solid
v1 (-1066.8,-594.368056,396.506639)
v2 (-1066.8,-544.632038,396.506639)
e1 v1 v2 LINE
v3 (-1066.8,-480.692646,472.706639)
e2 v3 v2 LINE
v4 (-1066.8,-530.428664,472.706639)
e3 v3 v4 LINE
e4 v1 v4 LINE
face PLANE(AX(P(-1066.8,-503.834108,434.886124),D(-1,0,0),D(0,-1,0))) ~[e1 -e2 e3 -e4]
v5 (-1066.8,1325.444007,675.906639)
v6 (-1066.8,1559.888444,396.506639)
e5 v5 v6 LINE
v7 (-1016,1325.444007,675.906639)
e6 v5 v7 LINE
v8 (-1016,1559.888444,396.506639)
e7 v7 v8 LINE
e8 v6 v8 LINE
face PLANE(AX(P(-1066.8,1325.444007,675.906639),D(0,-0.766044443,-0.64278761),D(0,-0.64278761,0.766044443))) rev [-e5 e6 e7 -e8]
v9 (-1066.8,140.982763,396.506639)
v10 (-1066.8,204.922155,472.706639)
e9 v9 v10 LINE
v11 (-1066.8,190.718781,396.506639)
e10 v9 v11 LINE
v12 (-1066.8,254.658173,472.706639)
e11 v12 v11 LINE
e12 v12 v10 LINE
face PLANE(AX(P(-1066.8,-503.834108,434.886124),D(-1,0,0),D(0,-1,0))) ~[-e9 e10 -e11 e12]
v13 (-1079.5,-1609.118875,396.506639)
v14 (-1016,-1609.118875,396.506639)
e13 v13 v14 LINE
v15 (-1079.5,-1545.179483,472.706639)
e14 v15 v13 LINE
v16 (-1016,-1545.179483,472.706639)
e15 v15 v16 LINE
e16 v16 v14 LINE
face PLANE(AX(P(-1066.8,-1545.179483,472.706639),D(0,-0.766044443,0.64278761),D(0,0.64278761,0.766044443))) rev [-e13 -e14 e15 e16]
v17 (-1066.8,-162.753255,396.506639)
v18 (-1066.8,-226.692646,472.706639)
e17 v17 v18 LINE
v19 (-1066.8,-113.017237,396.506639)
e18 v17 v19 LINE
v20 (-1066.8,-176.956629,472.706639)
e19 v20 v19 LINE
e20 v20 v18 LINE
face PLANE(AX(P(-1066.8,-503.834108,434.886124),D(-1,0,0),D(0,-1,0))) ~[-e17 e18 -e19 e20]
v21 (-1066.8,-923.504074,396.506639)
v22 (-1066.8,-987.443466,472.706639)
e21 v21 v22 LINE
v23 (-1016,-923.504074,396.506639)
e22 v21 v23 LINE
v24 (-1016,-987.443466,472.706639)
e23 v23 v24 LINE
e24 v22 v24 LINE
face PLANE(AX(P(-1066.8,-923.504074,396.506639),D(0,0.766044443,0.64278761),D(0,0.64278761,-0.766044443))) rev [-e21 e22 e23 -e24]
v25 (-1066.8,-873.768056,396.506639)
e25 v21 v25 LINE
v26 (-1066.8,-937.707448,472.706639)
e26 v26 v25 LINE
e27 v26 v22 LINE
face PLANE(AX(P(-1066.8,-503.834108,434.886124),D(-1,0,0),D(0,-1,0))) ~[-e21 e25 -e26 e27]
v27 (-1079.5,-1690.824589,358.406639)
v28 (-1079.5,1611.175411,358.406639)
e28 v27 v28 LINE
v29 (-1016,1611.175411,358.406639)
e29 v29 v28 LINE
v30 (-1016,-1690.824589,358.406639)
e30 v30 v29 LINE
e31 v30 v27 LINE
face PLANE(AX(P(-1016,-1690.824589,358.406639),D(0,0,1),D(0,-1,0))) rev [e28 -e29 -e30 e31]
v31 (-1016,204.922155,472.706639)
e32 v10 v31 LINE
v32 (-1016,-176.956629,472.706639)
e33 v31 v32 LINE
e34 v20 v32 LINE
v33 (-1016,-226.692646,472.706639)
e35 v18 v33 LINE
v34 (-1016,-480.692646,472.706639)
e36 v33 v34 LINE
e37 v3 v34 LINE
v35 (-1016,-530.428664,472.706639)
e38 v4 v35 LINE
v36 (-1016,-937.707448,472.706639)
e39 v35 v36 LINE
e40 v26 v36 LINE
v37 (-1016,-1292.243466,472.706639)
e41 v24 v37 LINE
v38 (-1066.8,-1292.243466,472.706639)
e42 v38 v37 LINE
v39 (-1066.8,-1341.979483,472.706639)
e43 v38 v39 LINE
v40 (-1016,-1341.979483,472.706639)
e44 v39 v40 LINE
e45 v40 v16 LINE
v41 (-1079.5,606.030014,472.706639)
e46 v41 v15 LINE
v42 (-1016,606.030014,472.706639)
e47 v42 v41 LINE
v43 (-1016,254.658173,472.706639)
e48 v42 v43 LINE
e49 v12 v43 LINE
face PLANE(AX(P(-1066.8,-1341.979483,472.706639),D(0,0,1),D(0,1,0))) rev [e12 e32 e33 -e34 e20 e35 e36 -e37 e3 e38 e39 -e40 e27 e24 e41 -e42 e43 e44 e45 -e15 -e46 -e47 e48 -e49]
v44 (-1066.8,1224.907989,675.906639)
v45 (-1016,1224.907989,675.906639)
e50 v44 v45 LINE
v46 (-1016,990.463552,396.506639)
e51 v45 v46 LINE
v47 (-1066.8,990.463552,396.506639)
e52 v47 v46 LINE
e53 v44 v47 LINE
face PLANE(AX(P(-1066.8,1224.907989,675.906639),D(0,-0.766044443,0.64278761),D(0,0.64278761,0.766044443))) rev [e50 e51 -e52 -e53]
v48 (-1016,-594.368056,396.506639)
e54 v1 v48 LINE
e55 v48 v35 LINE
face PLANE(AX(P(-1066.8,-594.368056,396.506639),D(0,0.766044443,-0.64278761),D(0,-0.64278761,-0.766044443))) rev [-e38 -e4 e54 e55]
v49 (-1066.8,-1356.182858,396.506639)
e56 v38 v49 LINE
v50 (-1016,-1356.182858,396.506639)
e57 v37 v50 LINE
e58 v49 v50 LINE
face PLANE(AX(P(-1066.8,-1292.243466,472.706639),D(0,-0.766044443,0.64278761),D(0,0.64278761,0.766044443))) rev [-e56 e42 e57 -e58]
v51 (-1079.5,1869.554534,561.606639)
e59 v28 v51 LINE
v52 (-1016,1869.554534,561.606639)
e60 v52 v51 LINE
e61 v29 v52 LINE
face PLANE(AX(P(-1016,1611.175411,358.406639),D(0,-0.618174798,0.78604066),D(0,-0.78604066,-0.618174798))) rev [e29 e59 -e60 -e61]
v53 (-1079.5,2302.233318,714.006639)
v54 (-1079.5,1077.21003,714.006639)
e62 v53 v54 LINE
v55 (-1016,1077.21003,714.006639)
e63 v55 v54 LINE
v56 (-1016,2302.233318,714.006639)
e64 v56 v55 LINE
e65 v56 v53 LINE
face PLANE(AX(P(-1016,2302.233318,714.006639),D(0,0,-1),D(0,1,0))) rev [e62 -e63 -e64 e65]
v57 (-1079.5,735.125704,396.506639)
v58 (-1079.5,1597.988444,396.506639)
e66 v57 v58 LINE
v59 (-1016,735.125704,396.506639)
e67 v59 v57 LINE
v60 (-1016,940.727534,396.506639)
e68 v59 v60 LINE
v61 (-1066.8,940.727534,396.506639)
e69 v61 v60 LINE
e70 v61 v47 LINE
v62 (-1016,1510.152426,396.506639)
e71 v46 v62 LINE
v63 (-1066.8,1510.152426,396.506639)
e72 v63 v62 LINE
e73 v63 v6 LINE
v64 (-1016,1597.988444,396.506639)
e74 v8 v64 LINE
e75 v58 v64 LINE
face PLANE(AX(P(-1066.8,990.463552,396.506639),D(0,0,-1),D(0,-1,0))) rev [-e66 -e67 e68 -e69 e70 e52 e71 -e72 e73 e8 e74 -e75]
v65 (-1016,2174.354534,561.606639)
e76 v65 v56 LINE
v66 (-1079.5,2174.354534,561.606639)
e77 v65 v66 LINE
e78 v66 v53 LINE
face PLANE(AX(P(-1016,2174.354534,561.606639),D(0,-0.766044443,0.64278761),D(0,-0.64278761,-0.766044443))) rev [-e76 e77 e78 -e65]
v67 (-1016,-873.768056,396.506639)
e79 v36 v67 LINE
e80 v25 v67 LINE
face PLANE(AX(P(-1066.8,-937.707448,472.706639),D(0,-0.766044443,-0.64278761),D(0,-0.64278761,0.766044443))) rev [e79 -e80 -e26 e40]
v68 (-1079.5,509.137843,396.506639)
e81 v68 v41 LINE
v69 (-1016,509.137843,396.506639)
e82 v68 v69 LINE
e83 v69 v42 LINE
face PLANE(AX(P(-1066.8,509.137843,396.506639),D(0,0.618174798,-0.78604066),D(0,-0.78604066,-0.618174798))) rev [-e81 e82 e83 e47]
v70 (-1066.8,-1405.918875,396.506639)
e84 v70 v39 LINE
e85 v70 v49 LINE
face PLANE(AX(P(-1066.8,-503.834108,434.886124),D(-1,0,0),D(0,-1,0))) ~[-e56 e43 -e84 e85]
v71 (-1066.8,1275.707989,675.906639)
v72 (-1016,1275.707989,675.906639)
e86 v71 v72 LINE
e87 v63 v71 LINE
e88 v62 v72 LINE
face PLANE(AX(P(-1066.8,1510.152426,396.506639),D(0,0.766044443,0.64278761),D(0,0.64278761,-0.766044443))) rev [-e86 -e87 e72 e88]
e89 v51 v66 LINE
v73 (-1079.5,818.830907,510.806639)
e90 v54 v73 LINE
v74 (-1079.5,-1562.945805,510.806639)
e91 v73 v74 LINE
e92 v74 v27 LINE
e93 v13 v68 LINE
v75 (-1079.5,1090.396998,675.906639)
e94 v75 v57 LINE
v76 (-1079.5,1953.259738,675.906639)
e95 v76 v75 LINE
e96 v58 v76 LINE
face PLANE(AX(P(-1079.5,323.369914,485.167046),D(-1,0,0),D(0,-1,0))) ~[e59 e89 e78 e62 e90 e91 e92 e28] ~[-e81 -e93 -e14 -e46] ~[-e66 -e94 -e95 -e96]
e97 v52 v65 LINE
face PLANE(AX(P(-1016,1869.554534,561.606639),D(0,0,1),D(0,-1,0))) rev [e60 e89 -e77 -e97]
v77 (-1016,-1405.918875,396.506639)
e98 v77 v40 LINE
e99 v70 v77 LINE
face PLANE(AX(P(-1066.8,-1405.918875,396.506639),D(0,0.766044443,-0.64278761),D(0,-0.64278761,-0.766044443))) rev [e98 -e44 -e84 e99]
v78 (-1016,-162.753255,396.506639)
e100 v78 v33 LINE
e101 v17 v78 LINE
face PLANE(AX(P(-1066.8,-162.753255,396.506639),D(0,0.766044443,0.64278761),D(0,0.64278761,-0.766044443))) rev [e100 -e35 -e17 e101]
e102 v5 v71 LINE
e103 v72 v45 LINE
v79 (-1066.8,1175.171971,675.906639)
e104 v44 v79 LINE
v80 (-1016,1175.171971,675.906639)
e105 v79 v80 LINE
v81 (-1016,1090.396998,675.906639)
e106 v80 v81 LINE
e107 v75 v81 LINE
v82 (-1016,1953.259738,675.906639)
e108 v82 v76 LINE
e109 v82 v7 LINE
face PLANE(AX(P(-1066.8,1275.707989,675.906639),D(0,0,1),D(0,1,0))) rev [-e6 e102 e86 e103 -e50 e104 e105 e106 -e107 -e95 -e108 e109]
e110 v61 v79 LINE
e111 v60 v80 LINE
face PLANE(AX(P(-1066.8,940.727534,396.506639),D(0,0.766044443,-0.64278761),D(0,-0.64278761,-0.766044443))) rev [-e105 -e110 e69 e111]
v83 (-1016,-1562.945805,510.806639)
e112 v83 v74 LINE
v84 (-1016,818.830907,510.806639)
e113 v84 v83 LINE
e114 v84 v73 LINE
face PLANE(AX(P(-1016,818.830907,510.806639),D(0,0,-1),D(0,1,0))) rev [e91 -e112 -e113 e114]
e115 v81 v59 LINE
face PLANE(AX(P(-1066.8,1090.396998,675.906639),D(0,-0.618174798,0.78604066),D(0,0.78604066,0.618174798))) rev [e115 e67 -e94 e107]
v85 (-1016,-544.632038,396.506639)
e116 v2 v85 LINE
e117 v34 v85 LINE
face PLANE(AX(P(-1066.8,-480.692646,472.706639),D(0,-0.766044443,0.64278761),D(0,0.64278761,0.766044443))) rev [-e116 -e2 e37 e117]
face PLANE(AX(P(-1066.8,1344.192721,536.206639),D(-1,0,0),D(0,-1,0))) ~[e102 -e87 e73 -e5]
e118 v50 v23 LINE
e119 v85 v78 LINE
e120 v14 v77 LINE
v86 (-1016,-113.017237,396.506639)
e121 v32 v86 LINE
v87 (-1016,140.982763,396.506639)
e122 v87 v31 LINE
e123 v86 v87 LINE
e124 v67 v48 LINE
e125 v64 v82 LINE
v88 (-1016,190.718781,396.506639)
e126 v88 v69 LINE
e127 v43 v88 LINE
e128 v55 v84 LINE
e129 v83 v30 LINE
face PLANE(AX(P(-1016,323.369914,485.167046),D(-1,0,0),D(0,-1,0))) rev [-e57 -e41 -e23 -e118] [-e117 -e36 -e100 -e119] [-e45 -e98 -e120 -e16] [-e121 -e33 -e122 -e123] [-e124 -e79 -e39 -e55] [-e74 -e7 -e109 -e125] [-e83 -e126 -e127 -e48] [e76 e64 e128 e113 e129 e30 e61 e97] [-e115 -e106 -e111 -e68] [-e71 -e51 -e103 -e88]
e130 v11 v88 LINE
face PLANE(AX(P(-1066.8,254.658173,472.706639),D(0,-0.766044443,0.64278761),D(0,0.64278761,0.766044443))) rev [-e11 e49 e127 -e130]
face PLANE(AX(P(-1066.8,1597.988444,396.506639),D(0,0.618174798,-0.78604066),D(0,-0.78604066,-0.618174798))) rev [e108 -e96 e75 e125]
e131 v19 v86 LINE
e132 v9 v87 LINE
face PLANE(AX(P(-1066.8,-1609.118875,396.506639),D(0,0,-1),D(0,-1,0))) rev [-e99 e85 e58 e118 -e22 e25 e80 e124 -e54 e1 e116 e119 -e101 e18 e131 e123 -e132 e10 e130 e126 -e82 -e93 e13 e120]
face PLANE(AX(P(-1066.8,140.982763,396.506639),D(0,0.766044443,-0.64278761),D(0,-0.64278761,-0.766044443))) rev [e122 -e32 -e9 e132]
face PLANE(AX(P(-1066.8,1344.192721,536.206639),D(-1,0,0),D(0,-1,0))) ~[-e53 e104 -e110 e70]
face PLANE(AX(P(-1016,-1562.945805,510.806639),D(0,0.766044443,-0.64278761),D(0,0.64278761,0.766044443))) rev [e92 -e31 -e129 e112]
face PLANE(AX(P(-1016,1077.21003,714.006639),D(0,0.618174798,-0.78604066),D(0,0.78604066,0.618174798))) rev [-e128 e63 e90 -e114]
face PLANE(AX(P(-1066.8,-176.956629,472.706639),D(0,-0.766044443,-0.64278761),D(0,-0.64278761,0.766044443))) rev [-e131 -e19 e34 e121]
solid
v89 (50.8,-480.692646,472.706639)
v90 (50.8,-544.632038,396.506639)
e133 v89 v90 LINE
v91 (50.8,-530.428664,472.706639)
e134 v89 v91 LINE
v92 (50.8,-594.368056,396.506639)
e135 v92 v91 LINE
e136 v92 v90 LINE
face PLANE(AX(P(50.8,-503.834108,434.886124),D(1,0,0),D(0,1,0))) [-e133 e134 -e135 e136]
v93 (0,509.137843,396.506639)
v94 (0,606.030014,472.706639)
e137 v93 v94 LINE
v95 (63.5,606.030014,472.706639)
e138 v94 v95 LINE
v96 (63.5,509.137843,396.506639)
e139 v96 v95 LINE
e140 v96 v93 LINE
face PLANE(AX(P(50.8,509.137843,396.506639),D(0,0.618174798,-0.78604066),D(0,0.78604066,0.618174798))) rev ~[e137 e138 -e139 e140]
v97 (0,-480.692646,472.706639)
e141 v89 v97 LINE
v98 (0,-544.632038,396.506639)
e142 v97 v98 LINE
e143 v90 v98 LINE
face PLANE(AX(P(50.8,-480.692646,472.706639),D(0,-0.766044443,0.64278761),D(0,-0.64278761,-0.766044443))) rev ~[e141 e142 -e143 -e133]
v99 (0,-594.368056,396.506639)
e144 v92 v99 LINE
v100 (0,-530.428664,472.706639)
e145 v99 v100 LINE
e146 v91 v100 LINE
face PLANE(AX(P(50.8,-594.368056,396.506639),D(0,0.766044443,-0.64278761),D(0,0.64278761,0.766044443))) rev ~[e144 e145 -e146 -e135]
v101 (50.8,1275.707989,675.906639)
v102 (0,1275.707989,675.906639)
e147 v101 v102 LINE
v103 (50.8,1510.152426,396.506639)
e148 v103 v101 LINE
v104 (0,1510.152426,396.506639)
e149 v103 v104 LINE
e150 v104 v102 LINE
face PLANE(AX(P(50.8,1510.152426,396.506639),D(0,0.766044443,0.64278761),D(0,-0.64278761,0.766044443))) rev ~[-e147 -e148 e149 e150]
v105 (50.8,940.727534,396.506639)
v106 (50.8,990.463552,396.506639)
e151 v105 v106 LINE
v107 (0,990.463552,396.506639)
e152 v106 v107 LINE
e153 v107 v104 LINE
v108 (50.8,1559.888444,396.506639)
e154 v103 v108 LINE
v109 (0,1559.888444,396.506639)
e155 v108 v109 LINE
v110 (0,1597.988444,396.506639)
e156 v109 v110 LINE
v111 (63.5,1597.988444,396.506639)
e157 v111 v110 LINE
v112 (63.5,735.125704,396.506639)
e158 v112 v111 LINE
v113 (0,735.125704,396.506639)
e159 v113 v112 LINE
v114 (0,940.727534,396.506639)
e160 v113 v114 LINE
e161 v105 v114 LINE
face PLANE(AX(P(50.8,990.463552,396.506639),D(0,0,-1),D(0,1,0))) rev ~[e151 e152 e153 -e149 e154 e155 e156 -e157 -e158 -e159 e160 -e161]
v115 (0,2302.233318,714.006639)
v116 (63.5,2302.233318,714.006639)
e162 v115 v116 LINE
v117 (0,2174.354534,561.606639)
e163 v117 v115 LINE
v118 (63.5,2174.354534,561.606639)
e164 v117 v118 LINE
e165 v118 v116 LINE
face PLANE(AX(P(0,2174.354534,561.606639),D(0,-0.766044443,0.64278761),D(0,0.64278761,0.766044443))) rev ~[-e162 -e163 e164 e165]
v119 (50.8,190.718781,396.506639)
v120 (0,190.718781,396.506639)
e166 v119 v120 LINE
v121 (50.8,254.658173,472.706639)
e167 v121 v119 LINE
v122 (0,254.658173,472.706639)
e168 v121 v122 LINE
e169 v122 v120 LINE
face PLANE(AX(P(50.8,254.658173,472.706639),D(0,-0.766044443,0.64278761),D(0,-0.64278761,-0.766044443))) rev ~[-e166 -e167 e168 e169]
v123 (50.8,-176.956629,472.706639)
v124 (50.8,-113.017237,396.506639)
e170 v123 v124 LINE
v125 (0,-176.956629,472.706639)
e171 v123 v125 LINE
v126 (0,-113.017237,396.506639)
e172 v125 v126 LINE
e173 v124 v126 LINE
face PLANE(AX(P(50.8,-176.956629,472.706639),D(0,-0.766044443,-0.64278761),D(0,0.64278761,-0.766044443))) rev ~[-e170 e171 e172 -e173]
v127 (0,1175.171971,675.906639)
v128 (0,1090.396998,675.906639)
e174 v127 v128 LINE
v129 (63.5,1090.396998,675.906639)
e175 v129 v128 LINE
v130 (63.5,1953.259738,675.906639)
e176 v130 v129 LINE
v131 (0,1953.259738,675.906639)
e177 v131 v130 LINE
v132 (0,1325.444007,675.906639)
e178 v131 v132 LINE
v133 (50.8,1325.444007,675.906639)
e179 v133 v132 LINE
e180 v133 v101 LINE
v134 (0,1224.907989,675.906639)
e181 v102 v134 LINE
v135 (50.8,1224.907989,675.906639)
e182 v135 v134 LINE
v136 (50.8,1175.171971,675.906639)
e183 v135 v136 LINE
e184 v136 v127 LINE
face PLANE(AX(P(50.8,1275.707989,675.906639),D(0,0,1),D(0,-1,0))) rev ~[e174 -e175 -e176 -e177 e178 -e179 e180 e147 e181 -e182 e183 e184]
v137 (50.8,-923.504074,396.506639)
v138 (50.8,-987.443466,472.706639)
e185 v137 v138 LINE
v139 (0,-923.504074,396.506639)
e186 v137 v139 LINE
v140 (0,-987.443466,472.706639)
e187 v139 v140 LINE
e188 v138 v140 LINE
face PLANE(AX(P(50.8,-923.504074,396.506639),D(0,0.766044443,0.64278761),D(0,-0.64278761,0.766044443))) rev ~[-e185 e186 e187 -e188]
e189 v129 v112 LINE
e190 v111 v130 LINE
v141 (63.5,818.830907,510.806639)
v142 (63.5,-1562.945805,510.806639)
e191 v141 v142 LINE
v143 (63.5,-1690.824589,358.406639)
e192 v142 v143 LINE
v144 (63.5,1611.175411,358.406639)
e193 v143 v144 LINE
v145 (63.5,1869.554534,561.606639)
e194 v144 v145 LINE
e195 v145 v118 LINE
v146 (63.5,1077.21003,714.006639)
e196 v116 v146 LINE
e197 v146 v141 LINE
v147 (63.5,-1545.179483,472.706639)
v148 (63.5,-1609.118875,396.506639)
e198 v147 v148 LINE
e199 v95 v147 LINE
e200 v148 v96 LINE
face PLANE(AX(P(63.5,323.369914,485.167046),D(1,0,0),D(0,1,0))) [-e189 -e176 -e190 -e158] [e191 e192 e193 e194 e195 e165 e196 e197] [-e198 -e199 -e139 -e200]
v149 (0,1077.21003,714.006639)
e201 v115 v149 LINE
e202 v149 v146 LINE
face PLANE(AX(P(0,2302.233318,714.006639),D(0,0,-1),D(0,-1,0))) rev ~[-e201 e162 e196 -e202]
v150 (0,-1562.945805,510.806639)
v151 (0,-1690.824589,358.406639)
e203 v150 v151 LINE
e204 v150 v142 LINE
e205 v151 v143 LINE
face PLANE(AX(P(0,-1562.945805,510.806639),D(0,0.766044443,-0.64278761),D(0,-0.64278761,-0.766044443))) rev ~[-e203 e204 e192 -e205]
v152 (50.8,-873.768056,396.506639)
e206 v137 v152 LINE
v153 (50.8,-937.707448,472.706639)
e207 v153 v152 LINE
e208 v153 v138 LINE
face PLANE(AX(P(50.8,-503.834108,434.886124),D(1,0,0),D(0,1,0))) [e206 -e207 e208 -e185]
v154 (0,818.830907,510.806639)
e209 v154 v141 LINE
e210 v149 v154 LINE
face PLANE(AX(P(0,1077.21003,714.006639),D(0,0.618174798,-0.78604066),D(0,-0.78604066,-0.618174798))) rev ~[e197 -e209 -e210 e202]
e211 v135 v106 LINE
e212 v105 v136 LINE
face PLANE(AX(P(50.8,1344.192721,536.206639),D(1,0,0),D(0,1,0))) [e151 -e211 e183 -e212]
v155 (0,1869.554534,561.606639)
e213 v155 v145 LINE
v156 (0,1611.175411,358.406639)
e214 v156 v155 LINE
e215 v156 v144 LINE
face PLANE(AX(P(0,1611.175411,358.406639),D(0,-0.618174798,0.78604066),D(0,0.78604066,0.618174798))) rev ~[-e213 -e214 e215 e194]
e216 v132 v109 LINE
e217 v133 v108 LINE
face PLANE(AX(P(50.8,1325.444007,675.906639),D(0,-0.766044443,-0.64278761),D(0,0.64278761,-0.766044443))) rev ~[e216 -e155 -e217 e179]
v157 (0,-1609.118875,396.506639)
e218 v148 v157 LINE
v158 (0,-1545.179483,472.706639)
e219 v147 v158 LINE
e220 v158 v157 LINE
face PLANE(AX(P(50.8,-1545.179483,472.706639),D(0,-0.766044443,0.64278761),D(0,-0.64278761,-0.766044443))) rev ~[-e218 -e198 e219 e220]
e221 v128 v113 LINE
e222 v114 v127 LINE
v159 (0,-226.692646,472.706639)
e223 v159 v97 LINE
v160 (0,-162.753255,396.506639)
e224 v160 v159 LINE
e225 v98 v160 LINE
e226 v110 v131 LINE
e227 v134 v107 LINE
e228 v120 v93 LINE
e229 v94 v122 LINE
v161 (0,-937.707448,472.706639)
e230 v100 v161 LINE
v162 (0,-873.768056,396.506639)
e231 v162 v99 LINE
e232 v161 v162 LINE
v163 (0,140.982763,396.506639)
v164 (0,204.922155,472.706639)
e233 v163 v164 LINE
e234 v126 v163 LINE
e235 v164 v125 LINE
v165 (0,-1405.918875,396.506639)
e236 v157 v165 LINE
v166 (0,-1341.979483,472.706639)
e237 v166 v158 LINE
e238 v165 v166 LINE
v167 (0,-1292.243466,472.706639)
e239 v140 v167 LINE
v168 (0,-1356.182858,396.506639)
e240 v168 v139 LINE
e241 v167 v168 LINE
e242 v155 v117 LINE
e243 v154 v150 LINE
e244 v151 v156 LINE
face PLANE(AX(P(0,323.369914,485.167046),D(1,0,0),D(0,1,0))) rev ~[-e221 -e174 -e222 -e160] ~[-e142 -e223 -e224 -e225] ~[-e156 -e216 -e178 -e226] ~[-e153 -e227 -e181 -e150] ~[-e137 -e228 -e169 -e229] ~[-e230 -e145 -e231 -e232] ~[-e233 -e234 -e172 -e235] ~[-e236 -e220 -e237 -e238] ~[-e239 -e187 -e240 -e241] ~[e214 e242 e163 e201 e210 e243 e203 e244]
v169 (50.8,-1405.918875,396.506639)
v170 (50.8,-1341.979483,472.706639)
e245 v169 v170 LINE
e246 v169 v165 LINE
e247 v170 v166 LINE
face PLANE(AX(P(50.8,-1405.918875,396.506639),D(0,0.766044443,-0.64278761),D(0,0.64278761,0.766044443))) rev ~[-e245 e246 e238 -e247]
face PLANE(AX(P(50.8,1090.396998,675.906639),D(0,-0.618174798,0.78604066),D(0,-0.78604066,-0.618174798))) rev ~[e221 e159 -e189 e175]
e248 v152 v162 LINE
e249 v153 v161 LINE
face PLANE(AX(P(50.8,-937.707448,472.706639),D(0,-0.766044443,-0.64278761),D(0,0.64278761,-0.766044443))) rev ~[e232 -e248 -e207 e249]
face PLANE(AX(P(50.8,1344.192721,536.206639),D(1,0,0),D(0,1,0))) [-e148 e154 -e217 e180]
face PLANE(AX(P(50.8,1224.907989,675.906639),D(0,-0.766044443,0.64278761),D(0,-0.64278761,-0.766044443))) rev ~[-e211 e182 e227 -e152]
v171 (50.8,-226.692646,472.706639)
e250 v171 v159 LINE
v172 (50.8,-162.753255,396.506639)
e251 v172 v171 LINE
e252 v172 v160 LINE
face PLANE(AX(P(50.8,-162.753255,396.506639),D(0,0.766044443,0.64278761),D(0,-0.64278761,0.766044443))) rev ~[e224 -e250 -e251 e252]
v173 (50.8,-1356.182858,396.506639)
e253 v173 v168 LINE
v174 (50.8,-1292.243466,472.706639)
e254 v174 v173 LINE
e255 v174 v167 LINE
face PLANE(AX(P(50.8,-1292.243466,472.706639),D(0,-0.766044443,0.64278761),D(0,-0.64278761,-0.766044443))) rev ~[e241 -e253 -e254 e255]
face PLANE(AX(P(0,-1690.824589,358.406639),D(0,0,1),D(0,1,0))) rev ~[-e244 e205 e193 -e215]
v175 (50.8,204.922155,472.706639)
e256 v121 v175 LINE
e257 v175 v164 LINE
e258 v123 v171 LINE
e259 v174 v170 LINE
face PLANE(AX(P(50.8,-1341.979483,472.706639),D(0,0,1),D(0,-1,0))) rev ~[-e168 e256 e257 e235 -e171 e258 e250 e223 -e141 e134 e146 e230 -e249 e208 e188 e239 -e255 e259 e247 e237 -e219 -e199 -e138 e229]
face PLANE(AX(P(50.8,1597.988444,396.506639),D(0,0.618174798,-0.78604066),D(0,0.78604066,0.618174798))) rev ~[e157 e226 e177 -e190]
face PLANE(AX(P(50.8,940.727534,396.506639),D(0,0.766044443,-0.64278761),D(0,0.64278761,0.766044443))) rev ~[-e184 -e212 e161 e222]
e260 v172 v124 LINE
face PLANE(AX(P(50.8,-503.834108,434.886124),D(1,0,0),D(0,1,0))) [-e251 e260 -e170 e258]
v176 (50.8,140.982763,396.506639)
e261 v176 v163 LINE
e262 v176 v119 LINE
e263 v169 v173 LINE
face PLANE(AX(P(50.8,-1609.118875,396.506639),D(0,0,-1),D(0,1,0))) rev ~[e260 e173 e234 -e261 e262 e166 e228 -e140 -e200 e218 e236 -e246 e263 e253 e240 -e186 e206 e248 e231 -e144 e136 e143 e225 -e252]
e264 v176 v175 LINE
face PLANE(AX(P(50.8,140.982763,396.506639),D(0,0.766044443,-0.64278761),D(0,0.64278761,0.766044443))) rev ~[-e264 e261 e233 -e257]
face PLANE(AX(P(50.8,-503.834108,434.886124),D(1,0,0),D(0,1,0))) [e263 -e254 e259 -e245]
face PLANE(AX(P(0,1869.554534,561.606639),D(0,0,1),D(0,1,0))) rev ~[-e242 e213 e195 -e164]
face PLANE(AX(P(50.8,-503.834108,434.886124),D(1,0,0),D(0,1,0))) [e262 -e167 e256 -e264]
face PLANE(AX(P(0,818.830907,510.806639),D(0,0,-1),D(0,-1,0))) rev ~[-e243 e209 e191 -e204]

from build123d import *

# Parameters (mm, degrees)
F1_DEPTH = 63.5
F3_DEPTH = 12.7
F5_DEPTH = 50.8


with BuildPart() as f1:
    # F0 (on Right) → F1 (new body)
    with BuildSketch(Plane.YZ):
        Polygon((-1562.9458051886, 510.8066391747), (-1690.82458898, 358.4066391747), (1611.17541102, 358.4066391747), (1869.5545340028, 561.6066391747), (2174.3545340028, 561.6066391747), (2302.2333177942, 714.0066391747), (1077.2100303276, 714.0066391747), (818.8309073448, 510.8066391747), align=None)
    extrude(amount=F1_DEPTH)

    # F2 (on face) → F3 (cut)
    with BuildSketch(Plane.YZ.offset(63.5)):
        Polygon((1090.3969976379, 675.9066391747), (832.0178746551, 472.7066391747), (735.1257035365, 396.5066391747), (1597.9884437098, 396.5066391747), (1953.2597378111, 675.9066391747), align=None)
        Polygon((606.0300141335, 472.7066391747), (-1545.1794834129, 472.7066391747), (-1609.1188753086, 396.5066391747), (509.1378430149, 396.5066391747), align=None)
    extrude(amount=-F3_DEPTH, mode=Mode.SUBTRACT)

    # F4 (on face) → F5 (cut, through all)
    with BuildSketch(Plane.YZ.offset(50.8)):
        Polygon((735.1257035365, 396.5066391747), (940.7275343608, 396.5066391747), (1175.1719713117, 675.9066391747), (1090.3969976379, 675.9066391747), align=None)
        Polygon((1224.9079890353, 675.9066391747), (990.4635520843, 396.5066391747), (1510.1524259862, 396.5066391747), (1275.7079890353, 675.9066391747), align=None)
        Polygon((1325.4440067588, 675.9066391747), (1559.8884437098, 396.5066391747), (1597.9884437098, 396.5066391747), (1953.2597378111, 675.9066391747), align=None)
        Polygon((606.0300141335, 472.7066391747), (254.6581727878, 472.7066391747), (190.718780892, 396.5066391747), (509.1378430149, 396.5066391747), align=None)
        Polygon((204.9221550642, 472.7066391747), (-176.9566287272, 472.7066391747), (-113.0172368315, 396.5066391747), (140.9827631685, 396.5066391747), align=None)
        Polygon((-226.6926464508, 472.7066391747), (-480.6926464508, 472.7066391747), (-544.6320383465, 396.5066391747), (-162.7532545551, 396.5066391747), align=None)
        Polygon((-1341.9794834129, 472.7066391747), (-1545.1794834129, 472.7066391747), (-1609.1188753086, 396.5066391747), (-1405.9188753086, 396.5066391747), align=None)
        Polygon((-987.4434656893, 472.7066391747), (-1292.2434656893, 472.7066391747), (-1356.182857585, 396.5066391747), (-923.5040737936, 396.5066391747), align=None)
        Polygon((-530.4286641743, 472.7066391747), (-937.7074479658, 472.7066391747), (-873.76805607, 396.5066391747), (-594.36805607, 396.5066391747), align=None)
    extrude(amount=-F5_DEPTH, mode=Mode.SUBTRACT)


with BuildPart() as f7_1:
    # F7: instance of F1
    add(f1.part.mirror(Plane.YZ.offset(-508)))


solid = Compound([f1.part, f7_1.part])
